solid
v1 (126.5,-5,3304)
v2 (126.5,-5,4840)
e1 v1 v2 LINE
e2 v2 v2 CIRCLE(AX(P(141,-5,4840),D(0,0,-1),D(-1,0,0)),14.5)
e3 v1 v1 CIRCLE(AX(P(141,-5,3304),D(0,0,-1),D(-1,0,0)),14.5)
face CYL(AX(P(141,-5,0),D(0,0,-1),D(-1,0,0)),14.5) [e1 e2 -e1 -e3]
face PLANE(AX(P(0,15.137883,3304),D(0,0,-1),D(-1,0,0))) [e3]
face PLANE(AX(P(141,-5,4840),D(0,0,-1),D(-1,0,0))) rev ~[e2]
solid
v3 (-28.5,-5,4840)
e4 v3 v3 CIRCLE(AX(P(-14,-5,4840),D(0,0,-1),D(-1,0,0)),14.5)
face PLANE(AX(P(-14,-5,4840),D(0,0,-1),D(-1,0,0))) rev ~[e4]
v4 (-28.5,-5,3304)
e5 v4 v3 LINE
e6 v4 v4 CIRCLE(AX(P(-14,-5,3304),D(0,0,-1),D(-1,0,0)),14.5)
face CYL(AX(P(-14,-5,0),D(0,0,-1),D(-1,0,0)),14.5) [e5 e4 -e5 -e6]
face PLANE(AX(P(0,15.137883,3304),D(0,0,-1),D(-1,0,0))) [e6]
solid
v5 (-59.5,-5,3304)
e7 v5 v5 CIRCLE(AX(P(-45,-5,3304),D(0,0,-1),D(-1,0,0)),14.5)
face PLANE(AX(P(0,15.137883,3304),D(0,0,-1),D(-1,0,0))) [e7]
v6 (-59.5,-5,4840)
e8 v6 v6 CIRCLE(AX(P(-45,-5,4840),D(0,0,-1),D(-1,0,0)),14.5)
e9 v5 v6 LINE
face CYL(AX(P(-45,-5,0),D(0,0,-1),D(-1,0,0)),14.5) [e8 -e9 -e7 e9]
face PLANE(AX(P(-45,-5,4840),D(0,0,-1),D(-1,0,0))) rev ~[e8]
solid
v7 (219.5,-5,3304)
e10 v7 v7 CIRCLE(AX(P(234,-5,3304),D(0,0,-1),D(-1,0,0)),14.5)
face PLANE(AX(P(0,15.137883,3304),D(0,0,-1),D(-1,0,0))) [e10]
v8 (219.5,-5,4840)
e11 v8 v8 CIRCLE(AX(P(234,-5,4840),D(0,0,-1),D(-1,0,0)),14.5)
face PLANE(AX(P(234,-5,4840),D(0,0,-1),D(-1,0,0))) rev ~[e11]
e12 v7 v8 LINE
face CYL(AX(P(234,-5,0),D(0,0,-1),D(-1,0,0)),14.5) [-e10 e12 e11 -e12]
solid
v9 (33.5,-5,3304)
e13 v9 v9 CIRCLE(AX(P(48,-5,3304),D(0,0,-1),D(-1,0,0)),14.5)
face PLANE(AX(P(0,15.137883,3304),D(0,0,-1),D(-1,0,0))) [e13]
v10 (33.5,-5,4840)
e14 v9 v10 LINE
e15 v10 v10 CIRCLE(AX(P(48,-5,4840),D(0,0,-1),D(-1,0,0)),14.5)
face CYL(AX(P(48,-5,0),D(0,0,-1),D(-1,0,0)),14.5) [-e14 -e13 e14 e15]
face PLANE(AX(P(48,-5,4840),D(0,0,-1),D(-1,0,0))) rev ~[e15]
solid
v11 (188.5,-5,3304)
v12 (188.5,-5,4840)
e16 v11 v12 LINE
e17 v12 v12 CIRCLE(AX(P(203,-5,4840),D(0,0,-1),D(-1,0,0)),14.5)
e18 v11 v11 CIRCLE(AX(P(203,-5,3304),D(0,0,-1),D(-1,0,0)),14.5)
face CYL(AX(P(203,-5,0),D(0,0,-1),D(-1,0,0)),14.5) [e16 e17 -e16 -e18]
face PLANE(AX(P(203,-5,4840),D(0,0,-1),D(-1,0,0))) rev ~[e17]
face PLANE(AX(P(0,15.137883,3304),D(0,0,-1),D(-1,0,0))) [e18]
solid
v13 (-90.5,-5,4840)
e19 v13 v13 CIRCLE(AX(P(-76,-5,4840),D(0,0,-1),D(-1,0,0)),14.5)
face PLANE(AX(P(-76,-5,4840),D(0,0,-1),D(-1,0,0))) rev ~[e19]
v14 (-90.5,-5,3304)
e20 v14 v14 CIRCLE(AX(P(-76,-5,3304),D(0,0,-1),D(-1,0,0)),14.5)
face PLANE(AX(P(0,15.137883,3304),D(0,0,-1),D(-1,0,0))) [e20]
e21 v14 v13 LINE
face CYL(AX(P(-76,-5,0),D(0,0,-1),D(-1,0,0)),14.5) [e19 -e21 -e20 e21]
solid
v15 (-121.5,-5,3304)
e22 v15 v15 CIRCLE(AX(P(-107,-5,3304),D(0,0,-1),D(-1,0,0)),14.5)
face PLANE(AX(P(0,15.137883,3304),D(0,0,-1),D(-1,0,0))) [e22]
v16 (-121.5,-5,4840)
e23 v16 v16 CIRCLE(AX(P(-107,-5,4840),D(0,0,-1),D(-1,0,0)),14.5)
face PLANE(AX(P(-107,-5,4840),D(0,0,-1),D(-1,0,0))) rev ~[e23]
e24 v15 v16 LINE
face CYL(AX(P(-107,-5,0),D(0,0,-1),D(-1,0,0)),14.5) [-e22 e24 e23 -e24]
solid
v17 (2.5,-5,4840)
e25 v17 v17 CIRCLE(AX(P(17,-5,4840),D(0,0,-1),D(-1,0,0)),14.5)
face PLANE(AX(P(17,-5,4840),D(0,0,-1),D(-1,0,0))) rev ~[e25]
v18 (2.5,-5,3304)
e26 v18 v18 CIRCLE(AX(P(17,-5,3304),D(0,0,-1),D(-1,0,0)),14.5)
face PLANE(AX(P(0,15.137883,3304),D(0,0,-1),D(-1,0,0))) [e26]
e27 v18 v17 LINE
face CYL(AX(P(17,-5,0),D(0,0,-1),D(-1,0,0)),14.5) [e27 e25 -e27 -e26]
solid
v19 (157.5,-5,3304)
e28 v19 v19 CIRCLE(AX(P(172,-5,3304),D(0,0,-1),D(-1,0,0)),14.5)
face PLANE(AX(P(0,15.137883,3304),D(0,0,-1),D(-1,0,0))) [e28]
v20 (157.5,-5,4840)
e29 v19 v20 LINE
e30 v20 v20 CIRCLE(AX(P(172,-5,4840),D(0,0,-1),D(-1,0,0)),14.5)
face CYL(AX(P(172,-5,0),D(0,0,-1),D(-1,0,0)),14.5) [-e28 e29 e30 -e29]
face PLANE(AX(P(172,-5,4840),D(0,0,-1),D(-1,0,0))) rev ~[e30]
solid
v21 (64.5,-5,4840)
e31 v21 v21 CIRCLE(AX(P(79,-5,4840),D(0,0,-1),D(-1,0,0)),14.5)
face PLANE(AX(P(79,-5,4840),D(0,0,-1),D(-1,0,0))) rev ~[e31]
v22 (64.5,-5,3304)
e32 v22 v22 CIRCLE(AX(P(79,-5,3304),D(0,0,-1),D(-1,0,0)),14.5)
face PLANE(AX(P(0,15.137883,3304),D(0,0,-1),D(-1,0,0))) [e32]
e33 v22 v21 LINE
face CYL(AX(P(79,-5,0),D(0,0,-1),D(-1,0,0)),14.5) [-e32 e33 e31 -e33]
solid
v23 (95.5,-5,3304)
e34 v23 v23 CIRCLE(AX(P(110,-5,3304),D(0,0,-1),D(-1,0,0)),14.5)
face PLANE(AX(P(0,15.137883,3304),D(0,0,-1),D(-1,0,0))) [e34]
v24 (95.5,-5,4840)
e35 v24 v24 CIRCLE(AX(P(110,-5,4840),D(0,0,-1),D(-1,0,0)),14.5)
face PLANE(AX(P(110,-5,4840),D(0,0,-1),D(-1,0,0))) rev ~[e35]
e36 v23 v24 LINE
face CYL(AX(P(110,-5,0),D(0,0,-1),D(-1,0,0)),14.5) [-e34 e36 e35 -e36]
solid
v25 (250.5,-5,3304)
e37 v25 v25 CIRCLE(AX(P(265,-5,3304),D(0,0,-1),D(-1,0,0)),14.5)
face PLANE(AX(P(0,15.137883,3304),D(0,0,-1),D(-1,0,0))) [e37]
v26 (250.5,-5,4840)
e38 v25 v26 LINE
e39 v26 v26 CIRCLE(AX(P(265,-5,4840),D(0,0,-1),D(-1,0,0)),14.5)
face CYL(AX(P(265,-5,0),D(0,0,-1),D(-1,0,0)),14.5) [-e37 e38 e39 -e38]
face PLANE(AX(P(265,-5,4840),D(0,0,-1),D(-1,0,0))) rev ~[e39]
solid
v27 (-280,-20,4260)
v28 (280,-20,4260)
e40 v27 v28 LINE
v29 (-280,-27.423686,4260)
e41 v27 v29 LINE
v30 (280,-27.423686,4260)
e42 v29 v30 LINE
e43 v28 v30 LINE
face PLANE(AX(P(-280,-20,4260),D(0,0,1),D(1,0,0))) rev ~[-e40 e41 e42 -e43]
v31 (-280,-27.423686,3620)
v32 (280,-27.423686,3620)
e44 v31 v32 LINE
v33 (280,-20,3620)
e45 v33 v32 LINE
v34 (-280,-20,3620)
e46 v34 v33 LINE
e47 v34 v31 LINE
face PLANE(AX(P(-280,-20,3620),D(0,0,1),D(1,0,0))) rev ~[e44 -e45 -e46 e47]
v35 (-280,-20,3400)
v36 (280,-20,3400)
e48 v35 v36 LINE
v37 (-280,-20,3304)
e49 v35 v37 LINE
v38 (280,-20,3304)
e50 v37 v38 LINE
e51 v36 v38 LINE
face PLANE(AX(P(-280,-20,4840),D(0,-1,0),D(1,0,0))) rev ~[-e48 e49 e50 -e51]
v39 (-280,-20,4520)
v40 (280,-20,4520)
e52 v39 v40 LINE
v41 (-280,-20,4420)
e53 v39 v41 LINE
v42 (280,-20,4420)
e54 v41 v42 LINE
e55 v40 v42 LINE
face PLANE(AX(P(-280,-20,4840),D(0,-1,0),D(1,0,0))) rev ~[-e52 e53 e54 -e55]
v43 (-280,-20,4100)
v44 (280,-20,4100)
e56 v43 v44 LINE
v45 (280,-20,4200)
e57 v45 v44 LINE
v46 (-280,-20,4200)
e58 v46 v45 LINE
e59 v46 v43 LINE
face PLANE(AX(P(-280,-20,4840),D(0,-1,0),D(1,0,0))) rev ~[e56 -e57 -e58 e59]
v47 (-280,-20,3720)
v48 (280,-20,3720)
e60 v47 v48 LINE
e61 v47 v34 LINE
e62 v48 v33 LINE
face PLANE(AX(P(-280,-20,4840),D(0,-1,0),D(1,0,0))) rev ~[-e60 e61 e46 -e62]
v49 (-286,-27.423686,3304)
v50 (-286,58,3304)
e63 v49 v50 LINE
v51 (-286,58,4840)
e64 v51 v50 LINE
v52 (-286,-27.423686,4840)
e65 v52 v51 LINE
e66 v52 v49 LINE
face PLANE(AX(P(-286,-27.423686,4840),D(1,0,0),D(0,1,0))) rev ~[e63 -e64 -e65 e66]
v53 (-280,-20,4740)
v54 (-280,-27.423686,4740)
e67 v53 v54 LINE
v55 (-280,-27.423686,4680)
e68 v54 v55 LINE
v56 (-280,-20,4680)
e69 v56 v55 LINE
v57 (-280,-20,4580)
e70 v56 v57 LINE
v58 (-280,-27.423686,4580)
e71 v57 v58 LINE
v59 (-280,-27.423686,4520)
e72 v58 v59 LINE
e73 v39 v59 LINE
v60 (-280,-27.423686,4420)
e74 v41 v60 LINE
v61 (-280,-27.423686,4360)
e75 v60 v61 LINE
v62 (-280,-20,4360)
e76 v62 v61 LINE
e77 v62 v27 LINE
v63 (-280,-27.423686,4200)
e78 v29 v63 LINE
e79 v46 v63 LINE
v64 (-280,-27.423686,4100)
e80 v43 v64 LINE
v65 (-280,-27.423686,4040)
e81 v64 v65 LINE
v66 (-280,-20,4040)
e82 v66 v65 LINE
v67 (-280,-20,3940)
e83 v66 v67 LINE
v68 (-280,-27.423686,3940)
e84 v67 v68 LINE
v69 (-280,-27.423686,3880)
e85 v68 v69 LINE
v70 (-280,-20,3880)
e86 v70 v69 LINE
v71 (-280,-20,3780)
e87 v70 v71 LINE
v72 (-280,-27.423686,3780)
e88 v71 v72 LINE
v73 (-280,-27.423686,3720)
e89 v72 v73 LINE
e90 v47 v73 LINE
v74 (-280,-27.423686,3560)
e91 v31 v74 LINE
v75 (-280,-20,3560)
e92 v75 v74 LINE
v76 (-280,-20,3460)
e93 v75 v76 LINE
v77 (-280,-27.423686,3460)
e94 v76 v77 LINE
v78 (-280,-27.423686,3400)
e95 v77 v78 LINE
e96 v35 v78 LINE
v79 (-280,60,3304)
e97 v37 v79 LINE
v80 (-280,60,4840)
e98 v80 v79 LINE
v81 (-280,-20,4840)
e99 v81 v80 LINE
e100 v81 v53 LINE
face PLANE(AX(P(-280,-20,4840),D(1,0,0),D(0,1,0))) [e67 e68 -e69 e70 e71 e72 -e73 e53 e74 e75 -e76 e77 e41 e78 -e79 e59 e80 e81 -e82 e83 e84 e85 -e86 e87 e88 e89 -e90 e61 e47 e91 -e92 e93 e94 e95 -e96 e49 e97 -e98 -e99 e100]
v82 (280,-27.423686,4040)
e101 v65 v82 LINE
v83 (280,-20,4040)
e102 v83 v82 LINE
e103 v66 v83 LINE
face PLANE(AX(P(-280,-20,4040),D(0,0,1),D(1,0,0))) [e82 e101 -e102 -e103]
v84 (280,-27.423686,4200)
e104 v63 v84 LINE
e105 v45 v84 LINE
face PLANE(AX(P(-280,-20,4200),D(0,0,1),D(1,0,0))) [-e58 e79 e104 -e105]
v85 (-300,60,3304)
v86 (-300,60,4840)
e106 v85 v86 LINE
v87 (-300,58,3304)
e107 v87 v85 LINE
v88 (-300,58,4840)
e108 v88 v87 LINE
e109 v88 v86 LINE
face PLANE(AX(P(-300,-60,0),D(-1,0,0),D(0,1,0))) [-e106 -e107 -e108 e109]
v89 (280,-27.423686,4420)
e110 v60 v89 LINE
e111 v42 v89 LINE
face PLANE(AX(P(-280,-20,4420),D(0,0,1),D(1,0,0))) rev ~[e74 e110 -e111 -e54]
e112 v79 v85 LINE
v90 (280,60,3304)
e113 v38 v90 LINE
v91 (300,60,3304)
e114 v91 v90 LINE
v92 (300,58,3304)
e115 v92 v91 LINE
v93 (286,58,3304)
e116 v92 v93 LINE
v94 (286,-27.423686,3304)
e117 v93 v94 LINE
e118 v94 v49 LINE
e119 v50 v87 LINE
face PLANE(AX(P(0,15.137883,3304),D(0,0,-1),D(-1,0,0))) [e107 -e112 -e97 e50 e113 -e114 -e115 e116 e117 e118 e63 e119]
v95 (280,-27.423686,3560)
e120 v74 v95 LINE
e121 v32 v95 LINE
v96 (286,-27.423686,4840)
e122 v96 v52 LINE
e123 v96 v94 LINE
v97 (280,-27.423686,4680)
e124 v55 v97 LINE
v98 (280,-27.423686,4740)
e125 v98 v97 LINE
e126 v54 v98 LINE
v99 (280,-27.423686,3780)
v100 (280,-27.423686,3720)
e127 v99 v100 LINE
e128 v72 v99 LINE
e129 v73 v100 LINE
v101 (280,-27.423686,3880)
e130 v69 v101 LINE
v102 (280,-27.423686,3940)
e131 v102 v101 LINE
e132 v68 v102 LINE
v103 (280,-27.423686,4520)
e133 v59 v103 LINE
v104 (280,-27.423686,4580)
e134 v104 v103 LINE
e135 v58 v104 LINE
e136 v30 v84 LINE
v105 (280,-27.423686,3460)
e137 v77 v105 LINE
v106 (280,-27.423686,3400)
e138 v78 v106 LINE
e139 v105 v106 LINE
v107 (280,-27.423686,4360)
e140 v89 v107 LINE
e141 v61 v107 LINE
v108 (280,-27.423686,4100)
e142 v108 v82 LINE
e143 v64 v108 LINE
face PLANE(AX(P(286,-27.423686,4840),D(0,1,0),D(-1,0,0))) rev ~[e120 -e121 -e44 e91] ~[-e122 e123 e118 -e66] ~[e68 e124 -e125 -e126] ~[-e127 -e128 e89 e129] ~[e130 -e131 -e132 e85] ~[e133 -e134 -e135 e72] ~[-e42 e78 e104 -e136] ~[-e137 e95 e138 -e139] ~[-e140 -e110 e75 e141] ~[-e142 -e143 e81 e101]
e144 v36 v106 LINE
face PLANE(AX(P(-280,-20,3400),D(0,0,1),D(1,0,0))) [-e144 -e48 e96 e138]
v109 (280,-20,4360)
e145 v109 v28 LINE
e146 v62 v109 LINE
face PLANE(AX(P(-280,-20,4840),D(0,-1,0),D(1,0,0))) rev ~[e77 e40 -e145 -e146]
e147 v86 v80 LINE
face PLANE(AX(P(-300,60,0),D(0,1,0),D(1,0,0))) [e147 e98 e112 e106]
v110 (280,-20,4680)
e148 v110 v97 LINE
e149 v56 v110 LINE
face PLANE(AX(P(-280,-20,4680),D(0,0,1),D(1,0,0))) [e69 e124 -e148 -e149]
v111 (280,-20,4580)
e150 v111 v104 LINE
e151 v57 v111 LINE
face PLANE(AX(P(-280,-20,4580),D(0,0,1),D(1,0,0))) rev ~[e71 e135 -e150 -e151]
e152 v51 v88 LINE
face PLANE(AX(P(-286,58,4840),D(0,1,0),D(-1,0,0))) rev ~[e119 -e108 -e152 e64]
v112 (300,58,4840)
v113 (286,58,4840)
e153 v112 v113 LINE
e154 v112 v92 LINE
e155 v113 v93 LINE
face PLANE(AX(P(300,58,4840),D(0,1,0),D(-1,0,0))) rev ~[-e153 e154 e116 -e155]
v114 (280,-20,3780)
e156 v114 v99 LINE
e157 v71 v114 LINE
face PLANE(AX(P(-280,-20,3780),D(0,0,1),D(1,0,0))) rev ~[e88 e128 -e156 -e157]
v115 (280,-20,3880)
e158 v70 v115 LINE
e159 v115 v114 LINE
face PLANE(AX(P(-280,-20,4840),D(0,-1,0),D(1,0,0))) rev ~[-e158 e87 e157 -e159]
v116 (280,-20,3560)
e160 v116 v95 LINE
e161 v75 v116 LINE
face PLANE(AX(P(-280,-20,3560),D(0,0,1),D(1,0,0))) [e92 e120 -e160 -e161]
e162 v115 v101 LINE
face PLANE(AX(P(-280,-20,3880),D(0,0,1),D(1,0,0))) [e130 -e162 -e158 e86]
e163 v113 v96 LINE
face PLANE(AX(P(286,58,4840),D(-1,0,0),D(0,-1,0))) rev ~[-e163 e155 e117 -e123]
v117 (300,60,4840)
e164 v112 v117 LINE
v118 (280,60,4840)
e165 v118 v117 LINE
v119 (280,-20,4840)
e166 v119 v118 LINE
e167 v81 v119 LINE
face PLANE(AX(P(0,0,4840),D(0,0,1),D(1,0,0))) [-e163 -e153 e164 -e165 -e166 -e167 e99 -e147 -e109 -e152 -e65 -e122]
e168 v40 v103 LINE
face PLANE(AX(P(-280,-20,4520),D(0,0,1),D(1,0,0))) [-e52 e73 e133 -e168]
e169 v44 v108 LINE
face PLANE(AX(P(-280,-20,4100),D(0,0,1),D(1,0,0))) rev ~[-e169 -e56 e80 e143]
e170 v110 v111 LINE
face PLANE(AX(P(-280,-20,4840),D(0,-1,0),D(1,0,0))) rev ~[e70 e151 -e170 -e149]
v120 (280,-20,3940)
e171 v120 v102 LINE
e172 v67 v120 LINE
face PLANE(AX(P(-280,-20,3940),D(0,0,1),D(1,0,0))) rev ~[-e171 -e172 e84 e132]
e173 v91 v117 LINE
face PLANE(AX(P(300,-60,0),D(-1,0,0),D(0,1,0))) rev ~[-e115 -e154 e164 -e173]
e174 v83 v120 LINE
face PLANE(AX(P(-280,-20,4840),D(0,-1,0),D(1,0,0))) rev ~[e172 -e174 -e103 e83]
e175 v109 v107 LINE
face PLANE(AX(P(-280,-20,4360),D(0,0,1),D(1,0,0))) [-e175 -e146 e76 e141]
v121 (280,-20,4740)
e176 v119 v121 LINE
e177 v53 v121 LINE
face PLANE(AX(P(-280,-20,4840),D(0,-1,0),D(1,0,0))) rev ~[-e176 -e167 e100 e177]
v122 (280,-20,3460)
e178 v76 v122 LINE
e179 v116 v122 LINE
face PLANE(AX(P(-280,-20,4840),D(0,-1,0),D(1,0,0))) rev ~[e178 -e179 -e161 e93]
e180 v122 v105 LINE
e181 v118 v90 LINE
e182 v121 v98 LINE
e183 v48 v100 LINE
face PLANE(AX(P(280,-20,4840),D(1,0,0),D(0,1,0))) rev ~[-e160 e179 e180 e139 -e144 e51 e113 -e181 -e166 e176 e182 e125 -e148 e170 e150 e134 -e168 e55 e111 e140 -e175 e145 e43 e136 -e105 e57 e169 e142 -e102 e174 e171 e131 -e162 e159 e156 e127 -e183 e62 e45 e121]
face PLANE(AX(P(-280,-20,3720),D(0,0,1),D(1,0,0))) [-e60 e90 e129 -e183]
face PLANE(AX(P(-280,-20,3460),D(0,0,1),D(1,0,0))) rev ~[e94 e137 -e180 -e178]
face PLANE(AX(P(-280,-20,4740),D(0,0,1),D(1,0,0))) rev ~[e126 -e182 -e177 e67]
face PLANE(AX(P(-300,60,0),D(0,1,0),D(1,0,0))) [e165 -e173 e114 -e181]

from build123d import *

# Parameters (mm, degrees)
CROQUIS1_W              = 600
CROQUIS1_H              = 120
SALIENTE_EXTRUIR1_DEPTH = 4840
CROQUIS2_W              = 560
CROQUIS2_H              = 80
CORTAR_EXTRUIR1_DEPTH   = 4840
CORTAR_EXTRUIR2_DEPTH   = 4840
CROQUIS4_W              = 560
CROQUIS4_H              = 60
CORTAR_EXTRUIR3_DEPTH   = 4000
MATRIZL1_COUNT          = 30
MATRIZL1_PITCH          = 160
CROQUIS5_R              = 14.5
SALIENTE_EXTRUIR2_DEPTH = 4840
MATRIZL2_COUNT          = 13
MATRIZL2_PITCH          = 31
CROQUIS6_W              = 600
CROQUIS6_H              = 89.724233467
CORTAR_EXTRUIR4_DEPTH   = 3304


with BuildPart() as part:
    # Croquis1 → Saliente-Extruir1 (new body)
    with BuildSketch(Plane.XY):
        Rectangle(CROQUIS1_W, CROQUIS1_H)
    extrude(amount=SALIENTE_EXTRUIR1_DEPTH)

    # Croquis2 → Cortar-Extruir1 (cut)
    with BuildSketch(Plane.XY.offset(4840)):
        with Locations((0, 20)):
            Rectangle(CROQUIS2_W, CROQUIS2_H)
    extrude(amount=-CORTAR_EXTRUIR1_DEPTH, mode=Mode.SUBTRACT)

    # Croquis3 → Cortar-Extruir2 (cut)
    with BuildSketch(Plane.XY.offset(4840)):
        Polygon((-286, 58), (-300, 58), (-300, -60), (300, -60), (300, 58), (286, 58), (286, -27.423685892), (-286, -27.423685892), align=None)
    extrude(amount=-CORTAR_EXTRUIR2_DEPTH, mode=Mode.SUBTRACT)

    # Croquis4 → Cortar-Extruir3 (cut)
    with BuildSketch(Plane(origin=(0, -20, 0), x_dir=(1, 0, 0), z_dir=(0, 1, 0))):
        with Locations((0, -4710)):
            Rectangle(CROQUIS4_W, CROQUIS4_H)
    cortar_extruir3 = extrude(amount=-CORTAR_EXTRUIR3_DEPTH, mode=Mode.SUBTRACT)

    # MatrizL1: Cortar-Extruir3 ×30
    with Locations(*[(0, 0, -i * MATRIZL1_PITCH) for i in range(1, MATRIZL1_COUNT)]):
        add(cortar_extruir3, mode=Mode.SUBTRACT)


with BuildPart() as body_2:
    # Croquis5 → Saliente-Extruir2 (new body)
    with BuildSketch(Plane(origin=(0, 0, 0), x_dir=(-1, 0, 0), z_dir=(0, 0, -1))):
        with Locations((-265, -5)):
            Circle(CROQUIS5_R)
    saliente_extruir2 = extrude(amount=-SALIENTE_EXTRUIR2_DEPTH)


with BuildPart() as matrizl2_1:
    # MatrizL2: pattern copy
    add(saliente_extruir2.moved(Location(Vector(-1, 0, 0) * (1 * MATRIZL2_PITCH))))


with BuildPart() as matrizl2_2:
    # MatrizL2: pattern copy
    add(saliente_extruir2.moved(Location(Vector(-1, 0, 0) * (2 * MATRIZL2_PITCH))))


with BuildPart() as matrizl2_3:
    # MatrizL2: pattern copy
    add(saliente_extruir2.moved(Location(Vector(-1, 0, 0) * (3 * MATRIZL2_PITCH))))


with BuildPart() as matrizl2_4:
    # MatrizL2: pattern copy
    add(saliente_extruir2.moved(Location(Vector(-1, 0, 0) * (4 * MATRIZL2_PITCH))))


with BuildPart() as matrizl2_5:
    # MatrizL2: pattern copy
    add(saliente_extruir2.moved(Location(Vector(-1, 0, 0) * (5 * MATRIZL2_PITCH))))


with BuildPart() as matrizl2_6:
    # MatrizL2: pattern copy
    add(saliente_extruir2.moved(Location(Vector(-1, 0, 0) * (6 * MATRIZL2_PITCH))))


with BuildPart() as matrizl2_7:
    # MatrizL2: pattern copy
    add(saliente_extruir2.moved(Location(Vector(-1, 0, 0) * (7 * MATRIZL2_PITCH))))


with BuildPart() as matrizl2_8:
    # MatrizL2: pattern copy
    add(saliente_extruir2.moved(Location(Vector(-1, 0, 0) * (8 * MATRIZL2_PITCH))))


with BuildPart() as matrizl2_9:
    # MatrizL2: pattern copy
    add(saliente_extruir2.moved(Location(Vector(-1, 0, 0) * (9 * MATRIZL2_PITCH))))


with BuildPart() as matrizl2_10:
    # MatrizL2: pattern copy
    add(saliente_extruir2.moved(Location(Vector(-1, 0, 0) * (10 * MATRIZL2_PITCH))))


with BuildPart() as matrizl2_11:
    # MatrizL2: pattern copy
    add(saliente_extruir2.moved(Location(Vector(-1, 0, 0) * (11 * MATRIZL2_PITCH))))


with BuildPart() as matrizl2_12:
    # MatrizL2: pattern copy
    add(saliente_extruir2.moved(Location(Vector(-1, 0, 0) * (12 * MATRIZL2_PITCH))))


with BuildPart() as cortar_extruir4_tool:
    # Croquis6 → Cortar-Extruir4 (new body)
    with BuildSketch(Plane(origin=(0, 0, 0), x_dir=(-1, 0, 0), z_dir=(0, 0, -1))):
        with Locations((0, 15.137883267)):
            Rectangle(CROQUIS6_W, CROQUIS6_H)
    extrude(amount=-CORTAR_EXTRUIR4_DEPTH)


with BuildPart() as part_1:
    add(part.part)

    # Cortar-Extruir4: cut by cortar_extruir4_tool
    add(cortar_extruir4_tool.part, mode=Mode.SUBTRACT)


with BuildPart() as body_2_1:
    add(body_2.part)

    # Cortar-Extruir4: cut by cortar_extruir4_tool
    add(cortar_extruir4_tool.part, mode=Mode.SUBTRACT)


with BuildPart() as matrizl2_1_1:
    add(matrizl2_1.part)

    # Cortar-Extruir4: cut by cortar_extruir4_tool
    add(cortar_extruir4_tool.part, mode=Mode.SUBTRACT)


with BuildPart() as matrizl2_2_1:
    add(matrizl2_2.part)

    # Cortar-Extruir4: cut by cortar_extruir4_tool
    add(cortar_extruir4_tool.part, mode=Mode.SUBTRACT)


with BuildPart() as matrizl2_3_1:
    add(matrizl2_3.part)

    # Cortar-Extruir4: cut by cortar_extruir4_tool
    add(cortar_extruir4_tool.part, mode=Mode.SUBTRACT)


with BuildPart() as matrizl2_4_1:
    add(matrizl2_4.part)

    # Cortar-Extruir4: cut by cortar_extruir4_tool
    add(cortar_extruir4_tool.part, mode=Mode.SUBTRACT)


with BuildPart() as matrizl2_5_1:
    add(matrizl2_5.part)

    # Cortar-Extruir4: cut by cortar_extruir4_tool
    add(cortar_extruir4_tool.part, mode=Mode.SUBTRACT)


with BuildPart() as matrizl2_6_1:
    add(matrizl2_6.part)

    # Cortar-Extruir4: cut by cortar_extruir4_tool
    add(cortar_extruir4_tool.part, mode=Mode.SUBTRACT)


with BuildPart() as matrizl2_7_1:
    add(matrizl2_7.part)

    # Cortar-Extruir4: cut by cortar_extruir4_tool
    add(cortar_extruir4_tool.part, mode=Mode.SUBTRACT)


with BuildPart() as matrizl2_8_1:
    add(matrizl2_8.part)

    # Cortar-Extruir4: cut by cortar_extruir4_tool
    add(cortar_extruir4_tool.part, mode=Mode.SUBTRACT)


with BuildPart() as matrizl2_9_1:
    add(matrizl2_9.part)

    # Cortar-Extruir4: cut by cortar_extruir4_tool
    add(cortar_extruir4_tool.part, mode=Mode.SUBTRACT)


with BuildPart() as matrizl2_10_1:
    add(matrizl2_10.part)

    # Cortar-Extruir4: cut by cortar_extruir4_tool
    add(cortar_extruir4_tool.part, mode=Mode.SUBTRACT)


with BuildPart() as matrizl2_11_1:
    add(matrizl2_11.part)

    # Cortar-Extruir4: cut by cortar_extruir4_tool
    add(cortar_extruir4_tool.part, mode=Mode.SUBTRACT)


with BuildPart() as matrizl2_12_1:
    add(matrizl2_12.part)

    # Cortar-Extruir4: cut by cortar_extruir4_tool
    add(cortar_extruir4_tool.part, mode=Mode.SUBTRACT)


solid = Compound([part_1.part, body_2_1.part, matrizl2_1_1.part, matrizl2_2_1.part, matrizl2_3_1.part, matrizl2_4_1.part, matrizl2_5_1.part, matrizl2_6_1.part, matrizl2_7_1.part, matrizl2_8_1.part, matrizl2_9_1.part, matrizl2_10_1.part, matrizl2_11_1.part, matrizl2_12_1.part])
